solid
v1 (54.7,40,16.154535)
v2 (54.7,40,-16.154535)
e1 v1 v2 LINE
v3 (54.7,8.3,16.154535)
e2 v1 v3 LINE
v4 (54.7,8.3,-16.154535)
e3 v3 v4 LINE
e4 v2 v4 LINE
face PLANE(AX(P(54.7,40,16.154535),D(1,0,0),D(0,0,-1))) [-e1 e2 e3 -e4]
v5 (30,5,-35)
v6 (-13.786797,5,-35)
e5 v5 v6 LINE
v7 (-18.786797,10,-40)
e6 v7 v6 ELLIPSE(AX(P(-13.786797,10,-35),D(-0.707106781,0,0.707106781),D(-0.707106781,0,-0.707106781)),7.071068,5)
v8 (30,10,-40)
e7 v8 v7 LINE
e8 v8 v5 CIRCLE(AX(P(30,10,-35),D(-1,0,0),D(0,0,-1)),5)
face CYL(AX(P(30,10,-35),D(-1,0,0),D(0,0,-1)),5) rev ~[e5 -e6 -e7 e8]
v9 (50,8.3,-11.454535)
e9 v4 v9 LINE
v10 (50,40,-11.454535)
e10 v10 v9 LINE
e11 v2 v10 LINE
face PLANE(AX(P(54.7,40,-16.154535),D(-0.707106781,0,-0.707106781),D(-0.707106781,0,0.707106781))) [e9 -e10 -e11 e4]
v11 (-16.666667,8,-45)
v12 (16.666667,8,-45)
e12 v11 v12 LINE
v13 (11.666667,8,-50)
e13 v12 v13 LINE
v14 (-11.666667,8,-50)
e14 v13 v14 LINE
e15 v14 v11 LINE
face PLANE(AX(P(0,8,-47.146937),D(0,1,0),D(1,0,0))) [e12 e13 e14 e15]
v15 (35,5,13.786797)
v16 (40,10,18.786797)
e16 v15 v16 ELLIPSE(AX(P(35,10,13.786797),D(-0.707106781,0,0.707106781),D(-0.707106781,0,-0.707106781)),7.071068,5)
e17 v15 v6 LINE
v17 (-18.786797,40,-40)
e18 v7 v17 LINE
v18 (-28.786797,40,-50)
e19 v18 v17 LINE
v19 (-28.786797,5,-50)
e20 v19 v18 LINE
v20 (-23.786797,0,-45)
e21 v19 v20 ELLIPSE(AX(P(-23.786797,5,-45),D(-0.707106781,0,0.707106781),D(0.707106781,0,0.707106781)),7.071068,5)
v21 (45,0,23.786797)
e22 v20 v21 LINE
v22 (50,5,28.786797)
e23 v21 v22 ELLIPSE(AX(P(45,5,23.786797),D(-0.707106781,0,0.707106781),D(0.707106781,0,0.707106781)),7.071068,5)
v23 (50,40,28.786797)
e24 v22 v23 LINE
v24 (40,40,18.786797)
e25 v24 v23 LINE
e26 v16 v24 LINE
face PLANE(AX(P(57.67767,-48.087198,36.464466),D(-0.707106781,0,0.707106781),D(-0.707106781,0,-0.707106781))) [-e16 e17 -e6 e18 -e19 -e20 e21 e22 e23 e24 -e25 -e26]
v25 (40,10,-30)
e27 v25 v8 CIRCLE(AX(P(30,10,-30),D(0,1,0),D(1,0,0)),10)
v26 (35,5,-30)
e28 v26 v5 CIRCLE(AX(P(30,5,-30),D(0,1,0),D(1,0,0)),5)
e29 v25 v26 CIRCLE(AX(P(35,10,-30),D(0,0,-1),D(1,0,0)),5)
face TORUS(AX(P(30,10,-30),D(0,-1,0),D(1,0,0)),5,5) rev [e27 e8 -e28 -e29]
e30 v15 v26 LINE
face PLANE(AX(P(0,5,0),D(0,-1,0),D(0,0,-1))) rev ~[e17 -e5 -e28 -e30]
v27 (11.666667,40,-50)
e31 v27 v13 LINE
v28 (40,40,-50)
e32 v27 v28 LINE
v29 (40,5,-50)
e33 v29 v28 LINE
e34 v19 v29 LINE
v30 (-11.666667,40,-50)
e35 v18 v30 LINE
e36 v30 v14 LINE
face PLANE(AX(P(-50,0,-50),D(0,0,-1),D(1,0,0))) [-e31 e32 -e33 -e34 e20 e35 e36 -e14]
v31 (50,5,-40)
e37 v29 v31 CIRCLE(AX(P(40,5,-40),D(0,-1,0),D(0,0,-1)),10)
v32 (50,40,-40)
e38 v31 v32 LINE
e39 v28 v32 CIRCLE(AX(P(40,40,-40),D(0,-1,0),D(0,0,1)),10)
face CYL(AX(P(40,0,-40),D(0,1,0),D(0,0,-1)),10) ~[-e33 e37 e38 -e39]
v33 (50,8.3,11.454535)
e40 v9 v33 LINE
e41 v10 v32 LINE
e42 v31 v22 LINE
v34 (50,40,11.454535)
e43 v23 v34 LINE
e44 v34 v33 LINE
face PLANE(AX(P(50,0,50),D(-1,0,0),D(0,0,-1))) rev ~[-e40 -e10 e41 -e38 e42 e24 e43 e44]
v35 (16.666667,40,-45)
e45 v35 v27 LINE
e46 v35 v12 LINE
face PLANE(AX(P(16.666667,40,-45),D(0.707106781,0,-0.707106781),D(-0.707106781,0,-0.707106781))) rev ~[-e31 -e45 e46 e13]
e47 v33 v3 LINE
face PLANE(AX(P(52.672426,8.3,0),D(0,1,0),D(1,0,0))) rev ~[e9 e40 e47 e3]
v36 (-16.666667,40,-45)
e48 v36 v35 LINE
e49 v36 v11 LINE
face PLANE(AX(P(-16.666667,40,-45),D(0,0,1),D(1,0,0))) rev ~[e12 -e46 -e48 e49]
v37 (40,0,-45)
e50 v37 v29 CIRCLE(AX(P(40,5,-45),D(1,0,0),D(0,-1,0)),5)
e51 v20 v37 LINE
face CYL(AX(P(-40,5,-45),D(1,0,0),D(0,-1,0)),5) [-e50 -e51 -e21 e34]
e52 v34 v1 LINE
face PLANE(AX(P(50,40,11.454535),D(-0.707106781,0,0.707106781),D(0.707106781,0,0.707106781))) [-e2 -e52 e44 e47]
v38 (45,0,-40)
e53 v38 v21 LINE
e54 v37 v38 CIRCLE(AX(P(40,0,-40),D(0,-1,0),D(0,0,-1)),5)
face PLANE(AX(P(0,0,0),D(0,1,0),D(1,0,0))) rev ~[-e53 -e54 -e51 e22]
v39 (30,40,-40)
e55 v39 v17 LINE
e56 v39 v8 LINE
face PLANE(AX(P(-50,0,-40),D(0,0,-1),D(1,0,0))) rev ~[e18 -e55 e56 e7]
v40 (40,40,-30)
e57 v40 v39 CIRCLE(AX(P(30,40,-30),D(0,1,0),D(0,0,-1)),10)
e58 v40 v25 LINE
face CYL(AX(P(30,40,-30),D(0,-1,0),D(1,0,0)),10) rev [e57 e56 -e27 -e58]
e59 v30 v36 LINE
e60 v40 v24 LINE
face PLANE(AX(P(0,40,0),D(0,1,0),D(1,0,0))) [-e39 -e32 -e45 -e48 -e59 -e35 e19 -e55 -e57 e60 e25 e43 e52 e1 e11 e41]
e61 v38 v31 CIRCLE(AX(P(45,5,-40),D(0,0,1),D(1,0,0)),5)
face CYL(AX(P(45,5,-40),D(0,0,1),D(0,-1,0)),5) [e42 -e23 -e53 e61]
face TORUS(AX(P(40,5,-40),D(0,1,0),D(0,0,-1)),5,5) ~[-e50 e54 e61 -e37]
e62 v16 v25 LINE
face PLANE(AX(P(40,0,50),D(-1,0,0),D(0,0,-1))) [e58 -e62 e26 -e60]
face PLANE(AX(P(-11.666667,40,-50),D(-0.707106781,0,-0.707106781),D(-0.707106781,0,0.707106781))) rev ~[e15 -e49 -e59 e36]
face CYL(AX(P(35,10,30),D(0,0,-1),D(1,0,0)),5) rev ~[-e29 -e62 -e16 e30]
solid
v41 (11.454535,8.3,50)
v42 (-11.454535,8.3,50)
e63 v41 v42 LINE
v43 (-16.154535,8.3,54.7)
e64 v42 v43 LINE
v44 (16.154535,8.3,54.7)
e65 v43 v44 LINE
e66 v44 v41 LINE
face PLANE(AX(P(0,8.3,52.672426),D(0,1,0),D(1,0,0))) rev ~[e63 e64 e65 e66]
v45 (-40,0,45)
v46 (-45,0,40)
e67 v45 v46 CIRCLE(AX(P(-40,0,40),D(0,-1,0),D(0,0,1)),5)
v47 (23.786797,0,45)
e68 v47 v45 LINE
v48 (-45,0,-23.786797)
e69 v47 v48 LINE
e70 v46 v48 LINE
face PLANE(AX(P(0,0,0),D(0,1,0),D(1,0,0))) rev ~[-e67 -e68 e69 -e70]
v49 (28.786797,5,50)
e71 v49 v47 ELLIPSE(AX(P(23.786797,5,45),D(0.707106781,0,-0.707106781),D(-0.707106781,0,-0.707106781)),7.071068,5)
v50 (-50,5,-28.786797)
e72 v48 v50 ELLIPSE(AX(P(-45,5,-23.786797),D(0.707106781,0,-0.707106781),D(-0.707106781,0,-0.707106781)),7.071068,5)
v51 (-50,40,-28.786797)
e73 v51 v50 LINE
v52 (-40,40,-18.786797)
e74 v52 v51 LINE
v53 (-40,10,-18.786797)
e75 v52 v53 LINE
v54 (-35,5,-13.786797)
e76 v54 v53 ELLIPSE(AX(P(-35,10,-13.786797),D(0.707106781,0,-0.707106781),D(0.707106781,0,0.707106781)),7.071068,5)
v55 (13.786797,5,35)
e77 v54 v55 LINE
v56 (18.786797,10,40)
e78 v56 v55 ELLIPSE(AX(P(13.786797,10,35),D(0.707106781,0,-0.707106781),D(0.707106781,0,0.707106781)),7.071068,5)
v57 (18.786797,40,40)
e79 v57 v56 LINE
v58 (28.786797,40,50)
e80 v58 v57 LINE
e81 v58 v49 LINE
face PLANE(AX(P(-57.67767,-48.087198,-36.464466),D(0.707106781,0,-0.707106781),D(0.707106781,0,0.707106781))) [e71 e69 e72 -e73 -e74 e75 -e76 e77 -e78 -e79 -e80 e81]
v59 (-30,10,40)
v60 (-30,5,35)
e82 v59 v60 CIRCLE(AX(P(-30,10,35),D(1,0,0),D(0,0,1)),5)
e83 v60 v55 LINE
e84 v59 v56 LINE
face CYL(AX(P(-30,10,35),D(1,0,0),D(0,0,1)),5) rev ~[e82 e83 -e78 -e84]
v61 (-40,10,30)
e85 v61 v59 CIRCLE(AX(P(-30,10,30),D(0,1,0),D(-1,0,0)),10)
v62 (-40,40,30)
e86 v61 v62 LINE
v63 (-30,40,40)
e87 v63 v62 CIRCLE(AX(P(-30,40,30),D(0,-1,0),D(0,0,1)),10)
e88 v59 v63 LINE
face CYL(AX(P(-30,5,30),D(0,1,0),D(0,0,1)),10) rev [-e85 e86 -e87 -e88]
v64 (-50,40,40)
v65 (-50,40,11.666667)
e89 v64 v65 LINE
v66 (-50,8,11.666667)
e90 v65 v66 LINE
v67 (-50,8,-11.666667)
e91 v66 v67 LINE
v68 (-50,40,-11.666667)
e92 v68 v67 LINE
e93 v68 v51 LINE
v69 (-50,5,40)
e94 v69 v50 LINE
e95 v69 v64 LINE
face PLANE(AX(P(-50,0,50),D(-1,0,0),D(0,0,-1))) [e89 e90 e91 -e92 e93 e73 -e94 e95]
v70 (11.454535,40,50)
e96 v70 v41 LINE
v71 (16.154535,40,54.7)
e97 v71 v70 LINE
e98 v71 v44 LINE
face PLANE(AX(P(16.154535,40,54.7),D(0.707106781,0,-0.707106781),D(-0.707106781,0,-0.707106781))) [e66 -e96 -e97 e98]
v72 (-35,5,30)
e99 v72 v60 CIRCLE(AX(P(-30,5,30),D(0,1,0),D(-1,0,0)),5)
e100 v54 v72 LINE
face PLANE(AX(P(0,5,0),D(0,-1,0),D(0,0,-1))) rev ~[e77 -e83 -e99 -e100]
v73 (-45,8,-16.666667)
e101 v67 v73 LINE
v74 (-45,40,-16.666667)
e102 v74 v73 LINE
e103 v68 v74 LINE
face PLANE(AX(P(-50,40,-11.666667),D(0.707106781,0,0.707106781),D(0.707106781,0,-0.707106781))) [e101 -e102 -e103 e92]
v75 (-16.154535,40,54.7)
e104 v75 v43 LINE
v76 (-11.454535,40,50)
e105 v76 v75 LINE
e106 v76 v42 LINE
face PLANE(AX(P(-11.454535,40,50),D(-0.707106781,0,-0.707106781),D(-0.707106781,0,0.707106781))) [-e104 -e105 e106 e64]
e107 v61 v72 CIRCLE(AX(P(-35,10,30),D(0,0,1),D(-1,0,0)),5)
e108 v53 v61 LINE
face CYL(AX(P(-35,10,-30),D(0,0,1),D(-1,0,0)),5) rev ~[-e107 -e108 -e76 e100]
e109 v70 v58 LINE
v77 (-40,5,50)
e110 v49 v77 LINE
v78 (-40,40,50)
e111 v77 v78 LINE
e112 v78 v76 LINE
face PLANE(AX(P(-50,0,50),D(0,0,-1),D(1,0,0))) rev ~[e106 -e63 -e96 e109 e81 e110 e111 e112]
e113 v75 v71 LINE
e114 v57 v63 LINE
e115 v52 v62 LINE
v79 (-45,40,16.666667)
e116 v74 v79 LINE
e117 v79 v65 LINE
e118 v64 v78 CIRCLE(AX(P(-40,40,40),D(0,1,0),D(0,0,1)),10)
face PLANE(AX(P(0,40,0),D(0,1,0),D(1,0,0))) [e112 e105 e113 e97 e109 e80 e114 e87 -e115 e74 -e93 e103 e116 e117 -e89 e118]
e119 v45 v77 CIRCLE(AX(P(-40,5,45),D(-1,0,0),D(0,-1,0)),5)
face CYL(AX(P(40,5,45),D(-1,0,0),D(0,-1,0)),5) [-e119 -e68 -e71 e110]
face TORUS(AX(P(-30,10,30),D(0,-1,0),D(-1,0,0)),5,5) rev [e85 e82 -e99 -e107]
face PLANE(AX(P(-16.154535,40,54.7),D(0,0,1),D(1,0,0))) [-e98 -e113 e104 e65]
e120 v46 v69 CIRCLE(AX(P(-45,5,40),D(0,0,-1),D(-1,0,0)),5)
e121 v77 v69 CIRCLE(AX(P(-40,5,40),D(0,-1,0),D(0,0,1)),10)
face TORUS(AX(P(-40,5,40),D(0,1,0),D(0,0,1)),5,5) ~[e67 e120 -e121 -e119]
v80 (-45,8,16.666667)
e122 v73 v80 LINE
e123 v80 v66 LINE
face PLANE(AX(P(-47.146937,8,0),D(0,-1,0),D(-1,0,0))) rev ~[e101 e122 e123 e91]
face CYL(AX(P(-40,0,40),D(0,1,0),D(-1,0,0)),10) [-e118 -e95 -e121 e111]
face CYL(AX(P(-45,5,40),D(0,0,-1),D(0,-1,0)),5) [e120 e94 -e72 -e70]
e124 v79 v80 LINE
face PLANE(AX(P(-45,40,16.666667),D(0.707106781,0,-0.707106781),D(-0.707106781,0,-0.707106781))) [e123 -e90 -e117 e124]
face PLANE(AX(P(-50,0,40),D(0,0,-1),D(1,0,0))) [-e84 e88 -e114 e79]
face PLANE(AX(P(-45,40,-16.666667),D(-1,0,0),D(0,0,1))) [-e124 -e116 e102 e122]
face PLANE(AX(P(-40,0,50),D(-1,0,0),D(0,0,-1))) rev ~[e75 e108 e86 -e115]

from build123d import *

# Parameters (mm, degrees)
SKETCH1_W                    = 100
SKETCH1_H                    = 100
BOSS_EXTRUDE1_DEPTH          = 40
SHELL1_T                     = -10
SHELL1_THICKNESS_2_FACE_W    = 80
SHELL1_THICKNESS_2_FACE_H    = 80
SHELL1_THICKNESS_2_DEPTH     = 5
CUT_EXTRUDE1_DEPTH           = 32
BOSS_EXTRUDE2_DEPTH          = 31.7
CUT_EXTRUDE2_DEPTH           = 32
BOSS_EXTRUDE3_DEPTH          = 31.7
FILLET1_R                    = 10
FILLET2_R                    = 5
CUT_EXTRUDE_THIN1_DEPTH      = 88.087197681
CUT_EXTRUDE_THIN1_DEPTH_BACK = 88.087197681


with BuildPart() as part:
    # Sketch1 → Boss-Extrude1 (new body)
    with BuildSketch(Plane(origin=(0, 0, 0), x_dir=(1, 0, 0), z_dir=(0, 1, 0))):
        Rectangle(SKETCH1_W, SKETCH1_H)
    extrude(amount=BOSS_EXTRUDE1_DEPTH)

    # Shell1
    shell1_openings = [part.faces().sort_by_distance(p)[0] for p in [
        (0, 40, 0),
    ]]
    offset(amount=SHELL1_T, openings=shell1_openings, kind=Kind.INTERSECTION)

    # Shell1 thickness 2 face (on inner face of the shell) → Shell1 thickness 2 (cut)
    with BuildSketch(Plane(origin=(0, 10, 0), x_dir=(0, 0, -1), z_dir=(0, -1, 0))):
        Rectangle(SHELL1_THICKNESS_2_FACE_W, SHELL1_THICKNESS_2_FACE_H)
    extrude(amount=SHELL1_THICKNESS_2_DEPTH, mode=Mode.SUBTRACT)

    # Sketch2 → Cut-Extrude1 (cut)
    with BuildSketch(Plane(origin=(0, 40, 0), x_dir=(1, 0, 0), z_dir=(0, 1, 0))):
        Polygon((-11.666666667, 50), (-16.666666667, 45), (16.666666667, 45), (11.666666667, 50), align=None)
    extrude(amount=-CUT_EXTRUDE1_DEPTH, mode=Mode.SUBTRACT)

    # Sketch3 → Boss-Extrude2 (add)
    with BuildSketch(Plane(origin=(0, 40, 0), x_dir=(1, 0, 0), z_dir=(0, 1, 0))):
        Polygon((-11.454534632, -50), (-16.154534632, -54.7), (16.154534632, -54.7), (11.454534632, -50), align=None)
    extrude(amount=-BOSS_EXTRUDE2_DEPTH)

    # Sketch4 → Cut-Extrude2 (cut)
    with BuildSketch(Plane(origin=(0, 40, 0), x_dir=(1, 0, 0), z_dir=(0, 1, 0))):
        Polygon((-45, 16.666666667), (-45, -16.666666667), (-50, -11.666666667), (-50, 11.666666667), align=None)
    extrude(amount=-CUT_EXTRUDE2_DEPTH, mode=Mode.SUBTRACT)

    # Sketch5 → Boss-Extrude3 (add)
    with BuildSketch(Plane(origin=(0, 40, 0), x_dir=(1, 0, 0), z_dir=(0, 1, 0))):
        Polygon((50, 11.454534632), (50, -11.454534632), (54.7, -16.154534632), (54.7, 16.154534632), align=None)
    extrude(amount=-BOSS_EXTRUDE3_DEPTH)

    # Fillet1
    fillet1_edges = [part.edges().sort_by_distance(p)[0] for p in [
        (40, 22.5, 40),
        (40, 22.5, -40),
        (-40, 22.5, -40),
        (-40, 22.5, 40),
        (50, 20, 50),
        (-50, 20, 50),
        (-50, 20, -50),
        (50, 20, -50),
    ]]
    fillet(fillet1_edges, radius=FILLET1_R)

    # Fillet2
    fillet2_edges = [part.edges().sort_by_distance(p)[0] for p in [
        (-37.071067812, 5, -37.071067812),
        (37.071067812, 5, -37.071067812),
        (0, 0, -50),
        (50, 0, 0),
        (0, 0, 50),
        (-50, 0, 0),
        (47.071067812, 0, 47.071067812),
        (-47.071067812, 0, 47.071067812),
        (-47.071067812, 0, -47.071067812),
        (47.071067812, 0, -47.071067812),
        (40, 5, 0),
        (0, 5, -40),
        (-40, 5, 0),
        (0, 5, 40),
        (37.071067812, 5, 37.071067812),
        (-37.071067812, 5, 37.071067812),
    ]]
    fillet(fillet2_edges, radius=FILLET2_R)

    # Sketch6 → Cut-Extrude-Thin1 (cut, two sides: drawn at the far end of the back side and taken through both)
    with BuildSketch(Plane(origin=(0, 40, 0), x_dir=(1, 0, 0), z_dir=(0, 1, 0)).offset(-CUT_EXTRUDE_THIN1_DEPTH_BACK)):
        Polygon((-57.67766953, 36.464466094), (36.464466094, -57.67766953), (57.67766953, -36.464466094), (-36.464466094, 57.67766953), align=None)
    extrude(amount=CUT_EXTRUDE_THIN1_DEPTH + CUT_EXTRUDE_THIN1_DEPTH_BACK, mode=Mode.SUBTRACT)


with BuildPart() as cut_extrude_thin1_piece_1:
    # of the separate pieces the step leaves, piece 1, a body of its own (cut_extrude_thin1_pieces)
    add(part.part.solids().sort_by_distance((-28.786796564, 5, -50))[0])


with BuildPart() as cut_extrude_thin1_piece_2:
    # of the separate pieces the step leaves, piece 2, a body of its own (cut_extrude_thin1_pieces)
    add(part.part.solids().sort_by_distance((-40, 40, 50))[0])


solid = Compound([cut_extrude_thin1_piece_1.part, cut_extrude_thin1_piece_2.part])
